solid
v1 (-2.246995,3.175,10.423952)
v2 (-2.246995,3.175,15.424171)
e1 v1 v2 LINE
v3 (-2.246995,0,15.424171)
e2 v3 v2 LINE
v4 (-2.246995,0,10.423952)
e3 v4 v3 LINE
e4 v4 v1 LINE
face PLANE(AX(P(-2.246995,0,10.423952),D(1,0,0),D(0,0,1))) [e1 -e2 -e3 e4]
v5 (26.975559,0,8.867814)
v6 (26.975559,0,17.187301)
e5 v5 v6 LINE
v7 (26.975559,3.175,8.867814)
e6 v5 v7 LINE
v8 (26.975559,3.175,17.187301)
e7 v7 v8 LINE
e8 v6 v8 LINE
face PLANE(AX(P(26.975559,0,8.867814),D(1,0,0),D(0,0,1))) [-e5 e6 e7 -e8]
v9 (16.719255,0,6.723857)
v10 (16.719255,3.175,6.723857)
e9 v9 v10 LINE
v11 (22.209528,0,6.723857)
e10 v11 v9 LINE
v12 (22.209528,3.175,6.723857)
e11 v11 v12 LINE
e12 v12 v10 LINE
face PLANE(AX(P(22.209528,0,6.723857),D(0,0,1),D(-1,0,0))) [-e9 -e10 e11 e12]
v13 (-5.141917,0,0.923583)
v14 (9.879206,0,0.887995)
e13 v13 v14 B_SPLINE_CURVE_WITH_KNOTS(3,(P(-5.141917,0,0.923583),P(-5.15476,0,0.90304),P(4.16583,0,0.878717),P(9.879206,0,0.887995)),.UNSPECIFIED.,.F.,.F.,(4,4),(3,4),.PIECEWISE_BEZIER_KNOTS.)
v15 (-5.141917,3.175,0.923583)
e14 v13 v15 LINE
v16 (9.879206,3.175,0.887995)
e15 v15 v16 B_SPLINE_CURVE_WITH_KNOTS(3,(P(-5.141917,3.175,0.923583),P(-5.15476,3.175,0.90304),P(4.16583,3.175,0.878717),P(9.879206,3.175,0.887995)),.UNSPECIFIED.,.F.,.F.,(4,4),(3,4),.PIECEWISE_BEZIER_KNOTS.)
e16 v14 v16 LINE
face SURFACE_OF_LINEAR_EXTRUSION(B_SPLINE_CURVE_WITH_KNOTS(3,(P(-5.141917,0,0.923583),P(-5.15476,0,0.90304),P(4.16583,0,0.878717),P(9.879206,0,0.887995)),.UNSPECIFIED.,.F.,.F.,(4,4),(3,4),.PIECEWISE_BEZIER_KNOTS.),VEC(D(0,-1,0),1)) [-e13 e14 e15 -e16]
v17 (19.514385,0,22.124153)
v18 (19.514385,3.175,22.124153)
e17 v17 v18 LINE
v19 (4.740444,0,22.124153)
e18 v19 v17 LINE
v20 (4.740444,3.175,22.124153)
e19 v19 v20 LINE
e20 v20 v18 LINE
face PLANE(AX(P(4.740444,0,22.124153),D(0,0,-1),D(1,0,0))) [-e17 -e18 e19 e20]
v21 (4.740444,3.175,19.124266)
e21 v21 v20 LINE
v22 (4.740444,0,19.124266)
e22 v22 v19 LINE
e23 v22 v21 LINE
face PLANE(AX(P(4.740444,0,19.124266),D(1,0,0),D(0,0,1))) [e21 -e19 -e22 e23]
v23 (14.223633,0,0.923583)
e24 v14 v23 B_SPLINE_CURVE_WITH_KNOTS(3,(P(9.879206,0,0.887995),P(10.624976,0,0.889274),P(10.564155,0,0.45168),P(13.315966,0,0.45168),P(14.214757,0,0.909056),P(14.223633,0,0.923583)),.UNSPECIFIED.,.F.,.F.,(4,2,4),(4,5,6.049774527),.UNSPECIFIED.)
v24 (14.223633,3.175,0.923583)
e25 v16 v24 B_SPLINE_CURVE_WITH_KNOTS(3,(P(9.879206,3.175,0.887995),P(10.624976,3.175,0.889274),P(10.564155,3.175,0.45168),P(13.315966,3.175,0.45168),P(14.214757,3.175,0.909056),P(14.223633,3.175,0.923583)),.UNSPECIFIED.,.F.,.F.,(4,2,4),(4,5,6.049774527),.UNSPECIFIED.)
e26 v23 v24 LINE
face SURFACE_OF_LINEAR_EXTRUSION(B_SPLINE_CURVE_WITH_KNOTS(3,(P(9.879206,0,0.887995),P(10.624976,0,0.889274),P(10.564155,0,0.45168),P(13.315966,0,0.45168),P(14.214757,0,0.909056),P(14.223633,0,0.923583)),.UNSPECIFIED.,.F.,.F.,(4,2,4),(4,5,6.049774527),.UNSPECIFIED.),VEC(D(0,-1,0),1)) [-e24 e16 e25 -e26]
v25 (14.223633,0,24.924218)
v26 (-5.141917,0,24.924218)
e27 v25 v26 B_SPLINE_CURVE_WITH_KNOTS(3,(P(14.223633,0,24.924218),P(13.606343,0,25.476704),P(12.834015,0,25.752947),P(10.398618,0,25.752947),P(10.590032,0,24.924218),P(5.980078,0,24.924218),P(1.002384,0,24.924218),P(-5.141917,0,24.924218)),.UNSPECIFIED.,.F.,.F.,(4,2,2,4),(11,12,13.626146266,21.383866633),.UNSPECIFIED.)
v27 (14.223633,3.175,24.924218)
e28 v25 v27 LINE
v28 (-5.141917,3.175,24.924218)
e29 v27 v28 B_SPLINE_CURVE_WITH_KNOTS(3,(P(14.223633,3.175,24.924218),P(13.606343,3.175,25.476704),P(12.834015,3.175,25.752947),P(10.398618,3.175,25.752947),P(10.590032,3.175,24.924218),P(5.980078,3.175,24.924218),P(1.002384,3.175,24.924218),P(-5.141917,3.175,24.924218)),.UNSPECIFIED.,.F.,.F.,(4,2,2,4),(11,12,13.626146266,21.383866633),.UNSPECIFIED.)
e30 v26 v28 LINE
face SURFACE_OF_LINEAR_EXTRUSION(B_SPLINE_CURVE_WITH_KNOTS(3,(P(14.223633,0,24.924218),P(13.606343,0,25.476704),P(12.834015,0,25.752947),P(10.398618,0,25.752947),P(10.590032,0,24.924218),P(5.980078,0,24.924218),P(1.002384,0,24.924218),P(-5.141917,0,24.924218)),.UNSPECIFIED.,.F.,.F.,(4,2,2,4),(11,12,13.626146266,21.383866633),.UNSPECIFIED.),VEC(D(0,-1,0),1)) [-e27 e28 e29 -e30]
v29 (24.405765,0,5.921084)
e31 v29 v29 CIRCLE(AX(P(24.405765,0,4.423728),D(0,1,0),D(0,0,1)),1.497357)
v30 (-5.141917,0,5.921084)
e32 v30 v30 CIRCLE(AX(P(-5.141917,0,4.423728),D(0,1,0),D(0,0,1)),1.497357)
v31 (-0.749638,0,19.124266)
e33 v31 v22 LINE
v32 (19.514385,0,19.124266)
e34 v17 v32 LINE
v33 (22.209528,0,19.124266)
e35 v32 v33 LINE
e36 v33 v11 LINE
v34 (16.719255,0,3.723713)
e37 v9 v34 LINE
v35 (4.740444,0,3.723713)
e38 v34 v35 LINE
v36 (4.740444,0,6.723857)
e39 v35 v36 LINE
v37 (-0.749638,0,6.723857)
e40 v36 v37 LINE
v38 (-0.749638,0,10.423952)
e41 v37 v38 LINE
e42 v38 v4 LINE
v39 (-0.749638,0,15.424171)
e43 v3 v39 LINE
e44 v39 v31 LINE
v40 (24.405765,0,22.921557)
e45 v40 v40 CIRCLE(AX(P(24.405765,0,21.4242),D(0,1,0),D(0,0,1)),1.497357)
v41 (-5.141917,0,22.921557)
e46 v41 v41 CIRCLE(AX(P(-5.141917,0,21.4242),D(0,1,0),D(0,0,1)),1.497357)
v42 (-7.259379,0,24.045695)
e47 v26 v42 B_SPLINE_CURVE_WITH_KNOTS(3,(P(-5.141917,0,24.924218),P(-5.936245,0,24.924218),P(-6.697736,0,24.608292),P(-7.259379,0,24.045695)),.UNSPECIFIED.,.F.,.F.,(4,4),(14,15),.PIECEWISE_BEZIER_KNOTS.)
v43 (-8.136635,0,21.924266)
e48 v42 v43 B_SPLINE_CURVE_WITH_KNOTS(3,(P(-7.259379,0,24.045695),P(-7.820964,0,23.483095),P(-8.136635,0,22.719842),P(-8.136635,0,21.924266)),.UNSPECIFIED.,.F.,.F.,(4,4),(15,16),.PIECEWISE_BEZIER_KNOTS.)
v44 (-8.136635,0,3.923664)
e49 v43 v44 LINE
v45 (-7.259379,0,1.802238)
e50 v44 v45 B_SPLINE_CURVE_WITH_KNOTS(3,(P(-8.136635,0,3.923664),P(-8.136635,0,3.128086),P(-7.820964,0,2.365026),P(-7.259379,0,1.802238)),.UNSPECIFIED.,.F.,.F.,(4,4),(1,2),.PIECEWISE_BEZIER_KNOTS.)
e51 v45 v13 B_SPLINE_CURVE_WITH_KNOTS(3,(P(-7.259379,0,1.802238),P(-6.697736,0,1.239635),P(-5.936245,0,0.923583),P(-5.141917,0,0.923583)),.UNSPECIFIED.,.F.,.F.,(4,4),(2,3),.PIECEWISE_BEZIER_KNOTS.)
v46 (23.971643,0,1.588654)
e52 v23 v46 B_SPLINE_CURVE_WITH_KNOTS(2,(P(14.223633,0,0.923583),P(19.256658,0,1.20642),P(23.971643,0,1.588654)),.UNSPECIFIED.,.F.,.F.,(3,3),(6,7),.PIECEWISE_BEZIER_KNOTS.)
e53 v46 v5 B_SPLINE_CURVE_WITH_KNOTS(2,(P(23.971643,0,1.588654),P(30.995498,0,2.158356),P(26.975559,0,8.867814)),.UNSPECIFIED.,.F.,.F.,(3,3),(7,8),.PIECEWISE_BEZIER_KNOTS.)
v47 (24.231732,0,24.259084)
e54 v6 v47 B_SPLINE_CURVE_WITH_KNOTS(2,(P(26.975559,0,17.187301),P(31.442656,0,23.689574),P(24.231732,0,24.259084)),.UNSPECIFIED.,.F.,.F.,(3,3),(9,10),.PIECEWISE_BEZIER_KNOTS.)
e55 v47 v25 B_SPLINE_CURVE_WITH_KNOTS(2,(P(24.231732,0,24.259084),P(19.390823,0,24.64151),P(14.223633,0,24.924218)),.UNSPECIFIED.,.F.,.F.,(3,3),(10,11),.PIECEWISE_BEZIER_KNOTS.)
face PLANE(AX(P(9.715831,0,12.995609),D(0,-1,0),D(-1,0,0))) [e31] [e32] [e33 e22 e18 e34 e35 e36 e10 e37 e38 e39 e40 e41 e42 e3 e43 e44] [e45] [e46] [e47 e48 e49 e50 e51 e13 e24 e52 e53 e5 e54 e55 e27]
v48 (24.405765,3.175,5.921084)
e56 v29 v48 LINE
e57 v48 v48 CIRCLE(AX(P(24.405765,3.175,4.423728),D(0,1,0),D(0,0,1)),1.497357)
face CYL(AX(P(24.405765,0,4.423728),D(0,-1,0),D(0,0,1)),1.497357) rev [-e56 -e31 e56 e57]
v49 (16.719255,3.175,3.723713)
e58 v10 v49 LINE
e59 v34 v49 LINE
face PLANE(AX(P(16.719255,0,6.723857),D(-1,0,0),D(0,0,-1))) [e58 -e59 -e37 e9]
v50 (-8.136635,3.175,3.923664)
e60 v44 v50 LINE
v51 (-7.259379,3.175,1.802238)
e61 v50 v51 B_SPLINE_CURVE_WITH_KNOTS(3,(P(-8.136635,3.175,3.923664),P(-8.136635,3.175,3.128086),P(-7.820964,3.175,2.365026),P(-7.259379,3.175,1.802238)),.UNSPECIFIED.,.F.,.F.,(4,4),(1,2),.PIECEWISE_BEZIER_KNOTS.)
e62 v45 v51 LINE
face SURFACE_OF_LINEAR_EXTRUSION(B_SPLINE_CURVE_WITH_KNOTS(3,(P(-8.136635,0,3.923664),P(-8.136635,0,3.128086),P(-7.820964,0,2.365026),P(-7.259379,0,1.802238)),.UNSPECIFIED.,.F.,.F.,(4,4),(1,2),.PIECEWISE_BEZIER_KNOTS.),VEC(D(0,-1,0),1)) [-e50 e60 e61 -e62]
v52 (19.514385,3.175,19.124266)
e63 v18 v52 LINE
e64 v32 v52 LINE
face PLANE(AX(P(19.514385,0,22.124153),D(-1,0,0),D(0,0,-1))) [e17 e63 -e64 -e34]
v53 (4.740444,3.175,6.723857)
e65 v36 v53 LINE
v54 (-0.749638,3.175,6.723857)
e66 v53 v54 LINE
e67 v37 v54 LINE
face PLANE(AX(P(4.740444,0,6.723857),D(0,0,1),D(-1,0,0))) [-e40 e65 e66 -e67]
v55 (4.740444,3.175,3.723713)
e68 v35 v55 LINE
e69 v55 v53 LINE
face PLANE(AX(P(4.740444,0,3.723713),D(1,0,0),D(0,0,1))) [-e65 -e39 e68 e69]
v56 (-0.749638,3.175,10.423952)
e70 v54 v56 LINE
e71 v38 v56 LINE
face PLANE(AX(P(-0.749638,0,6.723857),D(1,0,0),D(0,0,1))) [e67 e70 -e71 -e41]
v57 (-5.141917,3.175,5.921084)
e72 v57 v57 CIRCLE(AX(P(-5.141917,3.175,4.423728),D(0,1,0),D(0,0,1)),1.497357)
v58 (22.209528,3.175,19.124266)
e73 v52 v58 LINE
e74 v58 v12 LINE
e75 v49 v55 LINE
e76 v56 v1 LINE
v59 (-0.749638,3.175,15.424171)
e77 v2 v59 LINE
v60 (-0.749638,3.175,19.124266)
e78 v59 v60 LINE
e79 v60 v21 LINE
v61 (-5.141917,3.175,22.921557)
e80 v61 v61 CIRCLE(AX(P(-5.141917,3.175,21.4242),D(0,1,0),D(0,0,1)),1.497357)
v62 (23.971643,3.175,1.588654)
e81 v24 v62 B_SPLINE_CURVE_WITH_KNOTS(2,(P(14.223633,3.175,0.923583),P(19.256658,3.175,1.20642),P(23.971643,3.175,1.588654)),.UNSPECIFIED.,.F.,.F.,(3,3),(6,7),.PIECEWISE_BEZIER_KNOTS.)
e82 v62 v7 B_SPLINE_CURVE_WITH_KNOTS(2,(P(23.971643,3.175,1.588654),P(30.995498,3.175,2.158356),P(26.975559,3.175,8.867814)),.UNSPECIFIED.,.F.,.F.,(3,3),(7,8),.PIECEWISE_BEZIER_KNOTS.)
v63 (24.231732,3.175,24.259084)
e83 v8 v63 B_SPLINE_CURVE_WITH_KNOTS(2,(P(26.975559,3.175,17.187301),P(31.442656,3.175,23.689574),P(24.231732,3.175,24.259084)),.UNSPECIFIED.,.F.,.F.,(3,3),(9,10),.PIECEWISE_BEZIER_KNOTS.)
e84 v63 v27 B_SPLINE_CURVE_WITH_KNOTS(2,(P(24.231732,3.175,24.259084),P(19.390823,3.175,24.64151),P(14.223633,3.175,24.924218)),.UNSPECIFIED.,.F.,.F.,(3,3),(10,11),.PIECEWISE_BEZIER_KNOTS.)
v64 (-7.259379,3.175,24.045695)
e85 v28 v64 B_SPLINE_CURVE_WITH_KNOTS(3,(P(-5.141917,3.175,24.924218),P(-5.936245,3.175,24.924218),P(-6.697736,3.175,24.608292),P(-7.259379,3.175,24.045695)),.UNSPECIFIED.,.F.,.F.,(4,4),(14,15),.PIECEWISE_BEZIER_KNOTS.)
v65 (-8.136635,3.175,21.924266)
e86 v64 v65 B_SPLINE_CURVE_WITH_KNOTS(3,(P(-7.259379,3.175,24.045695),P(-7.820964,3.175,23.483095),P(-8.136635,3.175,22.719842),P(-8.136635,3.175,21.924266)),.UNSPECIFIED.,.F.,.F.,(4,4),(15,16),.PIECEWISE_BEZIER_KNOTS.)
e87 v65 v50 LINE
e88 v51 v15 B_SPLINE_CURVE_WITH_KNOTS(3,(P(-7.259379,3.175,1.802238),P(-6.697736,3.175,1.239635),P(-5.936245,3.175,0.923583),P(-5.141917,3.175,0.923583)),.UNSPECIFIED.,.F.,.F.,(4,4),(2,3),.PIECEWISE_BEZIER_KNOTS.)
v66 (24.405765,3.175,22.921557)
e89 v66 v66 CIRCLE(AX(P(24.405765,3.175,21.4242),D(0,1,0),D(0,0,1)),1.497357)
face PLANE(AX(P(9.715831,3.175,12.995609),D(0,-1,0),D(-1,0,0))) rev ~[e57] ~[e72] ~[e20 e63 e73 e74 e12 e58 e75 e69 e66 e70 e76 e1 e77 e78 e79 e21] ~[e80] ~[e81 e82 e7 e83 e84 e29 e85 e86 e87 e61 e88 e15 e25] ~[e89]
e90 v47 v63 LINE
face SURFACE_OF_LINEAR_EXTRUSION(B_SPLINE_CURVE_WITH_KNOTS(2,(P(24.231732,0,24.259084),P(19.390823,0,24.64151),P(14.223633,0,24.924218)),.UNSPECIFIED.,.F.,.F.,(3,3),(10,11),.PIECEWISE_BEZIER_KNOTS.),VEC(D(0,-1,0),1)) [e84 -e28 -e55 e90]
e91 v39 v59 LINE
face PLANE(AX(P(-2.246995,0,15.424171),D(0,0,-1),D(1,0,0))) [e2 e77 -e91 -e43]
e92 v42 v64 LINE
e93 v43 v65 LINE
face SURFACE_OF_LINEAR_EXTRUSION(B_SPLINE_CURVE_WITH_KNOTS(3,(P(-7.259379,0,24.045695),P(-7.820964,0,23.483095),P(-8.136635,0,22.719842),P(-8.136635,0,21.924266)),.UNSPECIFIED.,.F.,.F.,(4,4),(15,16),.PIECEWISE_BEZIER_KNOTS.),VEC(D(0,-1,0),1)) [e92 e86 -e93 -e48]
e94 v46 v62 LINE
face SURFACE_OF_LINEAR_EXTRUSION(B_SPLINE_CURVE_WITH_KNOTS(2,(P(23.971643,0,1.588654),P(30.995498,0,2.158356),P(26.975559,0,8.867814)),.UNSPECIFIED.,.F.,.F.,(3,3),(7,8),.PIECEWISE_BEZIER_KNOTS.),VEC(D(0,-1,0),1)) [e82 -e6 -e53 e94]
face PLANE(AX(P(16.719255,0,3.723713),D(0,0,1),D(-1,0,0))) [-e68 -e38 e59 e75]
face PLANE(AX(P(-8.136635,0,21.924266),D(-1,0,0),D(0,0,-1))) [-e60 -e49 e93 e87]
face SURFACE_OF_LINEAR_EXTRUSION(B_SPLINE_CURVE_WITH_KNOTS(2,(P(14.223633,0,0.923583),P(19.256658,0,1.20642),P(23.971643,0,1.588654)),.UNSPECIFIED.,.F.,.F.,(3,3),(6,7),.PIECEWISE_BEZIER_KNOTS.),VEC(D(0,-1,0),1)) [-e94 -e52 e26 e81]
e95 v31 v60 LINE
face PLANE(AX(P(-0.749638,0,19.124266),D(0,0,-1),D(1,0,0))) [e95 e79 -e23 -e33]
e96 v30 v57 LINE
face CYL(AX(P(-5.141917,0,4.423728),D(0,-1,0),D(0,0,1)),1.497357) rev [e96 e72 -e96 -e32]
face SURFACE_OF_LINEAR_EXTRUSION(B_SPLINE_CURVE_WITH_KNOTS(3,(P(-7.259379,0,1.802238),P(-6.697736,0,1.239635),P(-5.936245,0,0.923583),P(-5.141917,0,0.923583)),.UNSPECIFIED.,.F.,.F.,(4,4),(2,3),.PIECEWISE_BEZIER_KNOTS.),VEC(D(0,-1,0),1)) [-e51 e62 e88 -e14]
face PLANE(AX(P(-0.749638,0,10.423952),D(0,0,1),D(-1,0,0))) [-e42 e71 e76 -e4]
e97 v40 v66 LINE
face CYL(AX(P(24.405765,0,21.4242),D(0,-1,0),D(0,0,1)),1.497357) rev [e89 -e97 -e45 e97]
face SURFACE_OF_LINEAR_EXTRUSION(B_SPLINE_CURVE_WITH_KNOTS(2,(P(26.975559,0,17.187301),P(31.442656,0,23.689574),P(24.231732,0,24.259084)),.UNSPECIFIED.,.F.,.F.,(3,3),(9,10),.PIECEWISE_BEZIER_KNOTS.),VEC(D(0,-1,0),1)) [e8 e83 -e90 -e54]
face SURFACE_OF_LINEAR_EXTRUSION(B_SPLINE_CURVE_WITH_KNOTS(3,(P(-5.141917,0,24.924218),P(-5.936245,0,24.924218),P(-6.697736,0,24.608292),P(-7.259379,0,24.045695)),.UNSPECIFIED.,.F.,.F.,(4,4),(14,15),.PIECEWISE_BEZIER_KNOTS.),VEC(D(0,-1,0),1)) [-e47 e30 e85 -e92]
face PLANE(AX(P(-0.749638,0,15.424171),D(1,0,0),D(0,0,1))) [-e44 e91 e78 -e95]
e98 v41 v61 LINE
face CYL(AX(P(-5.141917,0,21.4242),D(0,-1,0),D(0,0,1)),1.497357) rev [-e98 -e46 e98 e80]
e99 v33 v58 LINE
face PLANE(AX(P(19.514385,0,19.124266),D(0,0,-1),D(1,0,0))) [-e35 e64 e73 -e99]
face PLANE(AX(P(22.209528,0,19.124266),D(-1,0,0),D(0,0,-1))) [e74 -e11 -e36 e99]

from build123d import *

# Parameters (mm, degrees)
SKETCH1_R           = 1.497356825
SKETCH1_R_2         = 1.497356824
BOSS_EXTRUDE1_DEPTH = 3.175


with BuildPart() as part:
    # Sketch1 → Boss-Extrude1 (new body)
    with BuildSketch(Plane(origin=(0, 0, 0), x_dir=(1, 0, 0), z_dir=(0, 1, 0))):
        with BuildLine():
            Line((-8.136635094, -21.924266481), (-8.136635094, -3.923663686))
            add(Edge.make_bspline(
                [(-8.136635094, -3.923663686), (-8.136635094, -3.128086205), (-7.820964416, -2.365025621), (-7.259379446, -1.802237676)],
                knots=[1, 1, 1, 1, 2, 2, 2, 2], degree=3))
            add(Edge.make_bspline(
                [(-7.259379446, -1.802237676), (-6.697735984, -1.239635291), (-5.936245423, -0.92358316), (-5.141916572, -0.92358316)],
                knots=[2, 2, 2, 2, 3, 3, 3, 3], degree=3))
            add(Edge.make_bspline(
                [(-5.141916572, -0.92358316), (-5.154760404, -0.903039747), (4.165830441, -0.878716777), (9.879205527, -0.887994762)],
                knots=[3, 3, 3, 3, 4, 4, 4, 4], degree=3))
            add(Edge.make_bspline(
                [(9.879205527, -0.887994762), (10.624976408, -0.889274148), (10.564154649, -0.451680408), (11.906649469, -0.451680408)],
                knots=[4, 4, 4, 4, 5, 5, 5, 5], degree=3))
            add(Edge.make_bspline(
                [(11.906649469, -0.451680408), (13.315966334, -0.451680408), (14.214756726, -0.909055789), (14.223632862, -0.923583161)],
                knots=[5, 5, 5, 5, 6, 6, 6, 6], degree=3))
            add(Edge.make_bspline(
                [(14.223632862, -0.923583161), (19.256657746, -1.206420105), (23.971643033, -1.588653571)],
                knots=[6, 6, 6, 7, 7, 7], degree=2))
            add(Edge.make_bspline(
                [(23.971643033, -1.588653571), (30.995498409, -2.158356056), (26.975559396, -8.867814209)],
                knots=[7, 7, 7, 8, 8, 8], degree=2))
            Line((26.975559396, -8.867814209), (26.975559396, -17.1873007))
            add(Edge.make_bspline(
                [(26.975559396, -17.1873007), (31.442656292, -23.689574114), (24.231731846, -24.259083715)],
                knots=[9, 9, 9, 10, 10, 10], degree=2))
            add(Edge.make_bspline(
                [(24.231731846, -24.259083715), (19.39082339, -24.641510065), (14.223632861, -24.924217604)],
                knots=[10, 10, 10, 11, 11, 11], degree=2))
            add(Edge.make_bspline(
                [(14.223632861, -24.924217604), (13.297697384, -25.752946792), (11.906649468, -25.752946792)],
                knots=[11, 11, 11, 12, 12, 12], degree=2))
            add(Edge.make_bspline(
                [(11.906649468, -25.752946792), (10.398617885, -25.752946792), (10.590032411, -24.924217604), (9.791165568, -24.924217604)],
                knots=[12, 12, 12, 12, 13, 13, 13, 13], degree=3))
            add(Edge.make_bspline(
                [(9.791165568, -24.924217604), (4.074534437, -24.924217604), (-5.141916573, -24.924217603)],
                knots=[13, 13, 13, 14, 14, 14], degree=2))
            add(Edge.make_bspline(
                [(-5.141916573, -24.924217603), (-5.936245424, -24.924217603), (-6.697735984, -24.608292434), (-7.259379446, -24.045694932)],
                knots=[14, 14, 14, 14, 15, 15, 15, 15], degree=3))
            add(Edge.make_bspline(
                [(-7.259379446, -24.045694932), (-7.820964416, -23.483094989), (-8.136635094, -22.71984152), (-8.136635094, -21.924266481)],
                knots=[15, 15, 15, 15, 16, 16, 16, 16], degree=3))
        make_face()
        with Locations(Location((-5.141916573, -4.423727567, 0), (0, 0, 270))):
            Circle(SKETCH1_R, mode=Mode.SUBTRACT)
        with Locations(Location((24.40576455, -4.423727568, 0), (0, 0, 270))):
            Circle(SKETCH1_R_2, mode=Mode.SUBTRACT)
        with Locations(Location((-5.141916573, -21.42420016, 0), (0, 0, 270))):
            Circle(SKETCH1_R_2, mode=Mode.SUBTRACT)
        with Locations(Location((24.40576455, -21.42420016, 0), (0, 0, 270))):
            Circle(SKETCH1_R_2, mode=Mode.SUBTRACT)
        Polygon((-2.246994867, -15.424170952), (-0.749638043, -15.424170952), (-0.749638043, -19.12426571), (4.740444467, -19.12426571), (4.740444467, -22.124153352), (19.514384952, -22.124153352), (19.514384952, -19.12426571), (22.209527799, -19.12426571), (22.209527799, -6.723857342), (16.719255189, -6.723857342), (16.719255189, -3.723713335), (4.740444467, -3.723713335), (4.740444467, -6.723857342), (-0.749638043, -6.723857342), (-0.749638043, -10.4239521), (-2.246994867, -10.4239521), align=None, mode=Mode.SUBTRACT)
    extrude(amount=BOSS_EXTRUDE1_DEPTH)


solid = part.part
